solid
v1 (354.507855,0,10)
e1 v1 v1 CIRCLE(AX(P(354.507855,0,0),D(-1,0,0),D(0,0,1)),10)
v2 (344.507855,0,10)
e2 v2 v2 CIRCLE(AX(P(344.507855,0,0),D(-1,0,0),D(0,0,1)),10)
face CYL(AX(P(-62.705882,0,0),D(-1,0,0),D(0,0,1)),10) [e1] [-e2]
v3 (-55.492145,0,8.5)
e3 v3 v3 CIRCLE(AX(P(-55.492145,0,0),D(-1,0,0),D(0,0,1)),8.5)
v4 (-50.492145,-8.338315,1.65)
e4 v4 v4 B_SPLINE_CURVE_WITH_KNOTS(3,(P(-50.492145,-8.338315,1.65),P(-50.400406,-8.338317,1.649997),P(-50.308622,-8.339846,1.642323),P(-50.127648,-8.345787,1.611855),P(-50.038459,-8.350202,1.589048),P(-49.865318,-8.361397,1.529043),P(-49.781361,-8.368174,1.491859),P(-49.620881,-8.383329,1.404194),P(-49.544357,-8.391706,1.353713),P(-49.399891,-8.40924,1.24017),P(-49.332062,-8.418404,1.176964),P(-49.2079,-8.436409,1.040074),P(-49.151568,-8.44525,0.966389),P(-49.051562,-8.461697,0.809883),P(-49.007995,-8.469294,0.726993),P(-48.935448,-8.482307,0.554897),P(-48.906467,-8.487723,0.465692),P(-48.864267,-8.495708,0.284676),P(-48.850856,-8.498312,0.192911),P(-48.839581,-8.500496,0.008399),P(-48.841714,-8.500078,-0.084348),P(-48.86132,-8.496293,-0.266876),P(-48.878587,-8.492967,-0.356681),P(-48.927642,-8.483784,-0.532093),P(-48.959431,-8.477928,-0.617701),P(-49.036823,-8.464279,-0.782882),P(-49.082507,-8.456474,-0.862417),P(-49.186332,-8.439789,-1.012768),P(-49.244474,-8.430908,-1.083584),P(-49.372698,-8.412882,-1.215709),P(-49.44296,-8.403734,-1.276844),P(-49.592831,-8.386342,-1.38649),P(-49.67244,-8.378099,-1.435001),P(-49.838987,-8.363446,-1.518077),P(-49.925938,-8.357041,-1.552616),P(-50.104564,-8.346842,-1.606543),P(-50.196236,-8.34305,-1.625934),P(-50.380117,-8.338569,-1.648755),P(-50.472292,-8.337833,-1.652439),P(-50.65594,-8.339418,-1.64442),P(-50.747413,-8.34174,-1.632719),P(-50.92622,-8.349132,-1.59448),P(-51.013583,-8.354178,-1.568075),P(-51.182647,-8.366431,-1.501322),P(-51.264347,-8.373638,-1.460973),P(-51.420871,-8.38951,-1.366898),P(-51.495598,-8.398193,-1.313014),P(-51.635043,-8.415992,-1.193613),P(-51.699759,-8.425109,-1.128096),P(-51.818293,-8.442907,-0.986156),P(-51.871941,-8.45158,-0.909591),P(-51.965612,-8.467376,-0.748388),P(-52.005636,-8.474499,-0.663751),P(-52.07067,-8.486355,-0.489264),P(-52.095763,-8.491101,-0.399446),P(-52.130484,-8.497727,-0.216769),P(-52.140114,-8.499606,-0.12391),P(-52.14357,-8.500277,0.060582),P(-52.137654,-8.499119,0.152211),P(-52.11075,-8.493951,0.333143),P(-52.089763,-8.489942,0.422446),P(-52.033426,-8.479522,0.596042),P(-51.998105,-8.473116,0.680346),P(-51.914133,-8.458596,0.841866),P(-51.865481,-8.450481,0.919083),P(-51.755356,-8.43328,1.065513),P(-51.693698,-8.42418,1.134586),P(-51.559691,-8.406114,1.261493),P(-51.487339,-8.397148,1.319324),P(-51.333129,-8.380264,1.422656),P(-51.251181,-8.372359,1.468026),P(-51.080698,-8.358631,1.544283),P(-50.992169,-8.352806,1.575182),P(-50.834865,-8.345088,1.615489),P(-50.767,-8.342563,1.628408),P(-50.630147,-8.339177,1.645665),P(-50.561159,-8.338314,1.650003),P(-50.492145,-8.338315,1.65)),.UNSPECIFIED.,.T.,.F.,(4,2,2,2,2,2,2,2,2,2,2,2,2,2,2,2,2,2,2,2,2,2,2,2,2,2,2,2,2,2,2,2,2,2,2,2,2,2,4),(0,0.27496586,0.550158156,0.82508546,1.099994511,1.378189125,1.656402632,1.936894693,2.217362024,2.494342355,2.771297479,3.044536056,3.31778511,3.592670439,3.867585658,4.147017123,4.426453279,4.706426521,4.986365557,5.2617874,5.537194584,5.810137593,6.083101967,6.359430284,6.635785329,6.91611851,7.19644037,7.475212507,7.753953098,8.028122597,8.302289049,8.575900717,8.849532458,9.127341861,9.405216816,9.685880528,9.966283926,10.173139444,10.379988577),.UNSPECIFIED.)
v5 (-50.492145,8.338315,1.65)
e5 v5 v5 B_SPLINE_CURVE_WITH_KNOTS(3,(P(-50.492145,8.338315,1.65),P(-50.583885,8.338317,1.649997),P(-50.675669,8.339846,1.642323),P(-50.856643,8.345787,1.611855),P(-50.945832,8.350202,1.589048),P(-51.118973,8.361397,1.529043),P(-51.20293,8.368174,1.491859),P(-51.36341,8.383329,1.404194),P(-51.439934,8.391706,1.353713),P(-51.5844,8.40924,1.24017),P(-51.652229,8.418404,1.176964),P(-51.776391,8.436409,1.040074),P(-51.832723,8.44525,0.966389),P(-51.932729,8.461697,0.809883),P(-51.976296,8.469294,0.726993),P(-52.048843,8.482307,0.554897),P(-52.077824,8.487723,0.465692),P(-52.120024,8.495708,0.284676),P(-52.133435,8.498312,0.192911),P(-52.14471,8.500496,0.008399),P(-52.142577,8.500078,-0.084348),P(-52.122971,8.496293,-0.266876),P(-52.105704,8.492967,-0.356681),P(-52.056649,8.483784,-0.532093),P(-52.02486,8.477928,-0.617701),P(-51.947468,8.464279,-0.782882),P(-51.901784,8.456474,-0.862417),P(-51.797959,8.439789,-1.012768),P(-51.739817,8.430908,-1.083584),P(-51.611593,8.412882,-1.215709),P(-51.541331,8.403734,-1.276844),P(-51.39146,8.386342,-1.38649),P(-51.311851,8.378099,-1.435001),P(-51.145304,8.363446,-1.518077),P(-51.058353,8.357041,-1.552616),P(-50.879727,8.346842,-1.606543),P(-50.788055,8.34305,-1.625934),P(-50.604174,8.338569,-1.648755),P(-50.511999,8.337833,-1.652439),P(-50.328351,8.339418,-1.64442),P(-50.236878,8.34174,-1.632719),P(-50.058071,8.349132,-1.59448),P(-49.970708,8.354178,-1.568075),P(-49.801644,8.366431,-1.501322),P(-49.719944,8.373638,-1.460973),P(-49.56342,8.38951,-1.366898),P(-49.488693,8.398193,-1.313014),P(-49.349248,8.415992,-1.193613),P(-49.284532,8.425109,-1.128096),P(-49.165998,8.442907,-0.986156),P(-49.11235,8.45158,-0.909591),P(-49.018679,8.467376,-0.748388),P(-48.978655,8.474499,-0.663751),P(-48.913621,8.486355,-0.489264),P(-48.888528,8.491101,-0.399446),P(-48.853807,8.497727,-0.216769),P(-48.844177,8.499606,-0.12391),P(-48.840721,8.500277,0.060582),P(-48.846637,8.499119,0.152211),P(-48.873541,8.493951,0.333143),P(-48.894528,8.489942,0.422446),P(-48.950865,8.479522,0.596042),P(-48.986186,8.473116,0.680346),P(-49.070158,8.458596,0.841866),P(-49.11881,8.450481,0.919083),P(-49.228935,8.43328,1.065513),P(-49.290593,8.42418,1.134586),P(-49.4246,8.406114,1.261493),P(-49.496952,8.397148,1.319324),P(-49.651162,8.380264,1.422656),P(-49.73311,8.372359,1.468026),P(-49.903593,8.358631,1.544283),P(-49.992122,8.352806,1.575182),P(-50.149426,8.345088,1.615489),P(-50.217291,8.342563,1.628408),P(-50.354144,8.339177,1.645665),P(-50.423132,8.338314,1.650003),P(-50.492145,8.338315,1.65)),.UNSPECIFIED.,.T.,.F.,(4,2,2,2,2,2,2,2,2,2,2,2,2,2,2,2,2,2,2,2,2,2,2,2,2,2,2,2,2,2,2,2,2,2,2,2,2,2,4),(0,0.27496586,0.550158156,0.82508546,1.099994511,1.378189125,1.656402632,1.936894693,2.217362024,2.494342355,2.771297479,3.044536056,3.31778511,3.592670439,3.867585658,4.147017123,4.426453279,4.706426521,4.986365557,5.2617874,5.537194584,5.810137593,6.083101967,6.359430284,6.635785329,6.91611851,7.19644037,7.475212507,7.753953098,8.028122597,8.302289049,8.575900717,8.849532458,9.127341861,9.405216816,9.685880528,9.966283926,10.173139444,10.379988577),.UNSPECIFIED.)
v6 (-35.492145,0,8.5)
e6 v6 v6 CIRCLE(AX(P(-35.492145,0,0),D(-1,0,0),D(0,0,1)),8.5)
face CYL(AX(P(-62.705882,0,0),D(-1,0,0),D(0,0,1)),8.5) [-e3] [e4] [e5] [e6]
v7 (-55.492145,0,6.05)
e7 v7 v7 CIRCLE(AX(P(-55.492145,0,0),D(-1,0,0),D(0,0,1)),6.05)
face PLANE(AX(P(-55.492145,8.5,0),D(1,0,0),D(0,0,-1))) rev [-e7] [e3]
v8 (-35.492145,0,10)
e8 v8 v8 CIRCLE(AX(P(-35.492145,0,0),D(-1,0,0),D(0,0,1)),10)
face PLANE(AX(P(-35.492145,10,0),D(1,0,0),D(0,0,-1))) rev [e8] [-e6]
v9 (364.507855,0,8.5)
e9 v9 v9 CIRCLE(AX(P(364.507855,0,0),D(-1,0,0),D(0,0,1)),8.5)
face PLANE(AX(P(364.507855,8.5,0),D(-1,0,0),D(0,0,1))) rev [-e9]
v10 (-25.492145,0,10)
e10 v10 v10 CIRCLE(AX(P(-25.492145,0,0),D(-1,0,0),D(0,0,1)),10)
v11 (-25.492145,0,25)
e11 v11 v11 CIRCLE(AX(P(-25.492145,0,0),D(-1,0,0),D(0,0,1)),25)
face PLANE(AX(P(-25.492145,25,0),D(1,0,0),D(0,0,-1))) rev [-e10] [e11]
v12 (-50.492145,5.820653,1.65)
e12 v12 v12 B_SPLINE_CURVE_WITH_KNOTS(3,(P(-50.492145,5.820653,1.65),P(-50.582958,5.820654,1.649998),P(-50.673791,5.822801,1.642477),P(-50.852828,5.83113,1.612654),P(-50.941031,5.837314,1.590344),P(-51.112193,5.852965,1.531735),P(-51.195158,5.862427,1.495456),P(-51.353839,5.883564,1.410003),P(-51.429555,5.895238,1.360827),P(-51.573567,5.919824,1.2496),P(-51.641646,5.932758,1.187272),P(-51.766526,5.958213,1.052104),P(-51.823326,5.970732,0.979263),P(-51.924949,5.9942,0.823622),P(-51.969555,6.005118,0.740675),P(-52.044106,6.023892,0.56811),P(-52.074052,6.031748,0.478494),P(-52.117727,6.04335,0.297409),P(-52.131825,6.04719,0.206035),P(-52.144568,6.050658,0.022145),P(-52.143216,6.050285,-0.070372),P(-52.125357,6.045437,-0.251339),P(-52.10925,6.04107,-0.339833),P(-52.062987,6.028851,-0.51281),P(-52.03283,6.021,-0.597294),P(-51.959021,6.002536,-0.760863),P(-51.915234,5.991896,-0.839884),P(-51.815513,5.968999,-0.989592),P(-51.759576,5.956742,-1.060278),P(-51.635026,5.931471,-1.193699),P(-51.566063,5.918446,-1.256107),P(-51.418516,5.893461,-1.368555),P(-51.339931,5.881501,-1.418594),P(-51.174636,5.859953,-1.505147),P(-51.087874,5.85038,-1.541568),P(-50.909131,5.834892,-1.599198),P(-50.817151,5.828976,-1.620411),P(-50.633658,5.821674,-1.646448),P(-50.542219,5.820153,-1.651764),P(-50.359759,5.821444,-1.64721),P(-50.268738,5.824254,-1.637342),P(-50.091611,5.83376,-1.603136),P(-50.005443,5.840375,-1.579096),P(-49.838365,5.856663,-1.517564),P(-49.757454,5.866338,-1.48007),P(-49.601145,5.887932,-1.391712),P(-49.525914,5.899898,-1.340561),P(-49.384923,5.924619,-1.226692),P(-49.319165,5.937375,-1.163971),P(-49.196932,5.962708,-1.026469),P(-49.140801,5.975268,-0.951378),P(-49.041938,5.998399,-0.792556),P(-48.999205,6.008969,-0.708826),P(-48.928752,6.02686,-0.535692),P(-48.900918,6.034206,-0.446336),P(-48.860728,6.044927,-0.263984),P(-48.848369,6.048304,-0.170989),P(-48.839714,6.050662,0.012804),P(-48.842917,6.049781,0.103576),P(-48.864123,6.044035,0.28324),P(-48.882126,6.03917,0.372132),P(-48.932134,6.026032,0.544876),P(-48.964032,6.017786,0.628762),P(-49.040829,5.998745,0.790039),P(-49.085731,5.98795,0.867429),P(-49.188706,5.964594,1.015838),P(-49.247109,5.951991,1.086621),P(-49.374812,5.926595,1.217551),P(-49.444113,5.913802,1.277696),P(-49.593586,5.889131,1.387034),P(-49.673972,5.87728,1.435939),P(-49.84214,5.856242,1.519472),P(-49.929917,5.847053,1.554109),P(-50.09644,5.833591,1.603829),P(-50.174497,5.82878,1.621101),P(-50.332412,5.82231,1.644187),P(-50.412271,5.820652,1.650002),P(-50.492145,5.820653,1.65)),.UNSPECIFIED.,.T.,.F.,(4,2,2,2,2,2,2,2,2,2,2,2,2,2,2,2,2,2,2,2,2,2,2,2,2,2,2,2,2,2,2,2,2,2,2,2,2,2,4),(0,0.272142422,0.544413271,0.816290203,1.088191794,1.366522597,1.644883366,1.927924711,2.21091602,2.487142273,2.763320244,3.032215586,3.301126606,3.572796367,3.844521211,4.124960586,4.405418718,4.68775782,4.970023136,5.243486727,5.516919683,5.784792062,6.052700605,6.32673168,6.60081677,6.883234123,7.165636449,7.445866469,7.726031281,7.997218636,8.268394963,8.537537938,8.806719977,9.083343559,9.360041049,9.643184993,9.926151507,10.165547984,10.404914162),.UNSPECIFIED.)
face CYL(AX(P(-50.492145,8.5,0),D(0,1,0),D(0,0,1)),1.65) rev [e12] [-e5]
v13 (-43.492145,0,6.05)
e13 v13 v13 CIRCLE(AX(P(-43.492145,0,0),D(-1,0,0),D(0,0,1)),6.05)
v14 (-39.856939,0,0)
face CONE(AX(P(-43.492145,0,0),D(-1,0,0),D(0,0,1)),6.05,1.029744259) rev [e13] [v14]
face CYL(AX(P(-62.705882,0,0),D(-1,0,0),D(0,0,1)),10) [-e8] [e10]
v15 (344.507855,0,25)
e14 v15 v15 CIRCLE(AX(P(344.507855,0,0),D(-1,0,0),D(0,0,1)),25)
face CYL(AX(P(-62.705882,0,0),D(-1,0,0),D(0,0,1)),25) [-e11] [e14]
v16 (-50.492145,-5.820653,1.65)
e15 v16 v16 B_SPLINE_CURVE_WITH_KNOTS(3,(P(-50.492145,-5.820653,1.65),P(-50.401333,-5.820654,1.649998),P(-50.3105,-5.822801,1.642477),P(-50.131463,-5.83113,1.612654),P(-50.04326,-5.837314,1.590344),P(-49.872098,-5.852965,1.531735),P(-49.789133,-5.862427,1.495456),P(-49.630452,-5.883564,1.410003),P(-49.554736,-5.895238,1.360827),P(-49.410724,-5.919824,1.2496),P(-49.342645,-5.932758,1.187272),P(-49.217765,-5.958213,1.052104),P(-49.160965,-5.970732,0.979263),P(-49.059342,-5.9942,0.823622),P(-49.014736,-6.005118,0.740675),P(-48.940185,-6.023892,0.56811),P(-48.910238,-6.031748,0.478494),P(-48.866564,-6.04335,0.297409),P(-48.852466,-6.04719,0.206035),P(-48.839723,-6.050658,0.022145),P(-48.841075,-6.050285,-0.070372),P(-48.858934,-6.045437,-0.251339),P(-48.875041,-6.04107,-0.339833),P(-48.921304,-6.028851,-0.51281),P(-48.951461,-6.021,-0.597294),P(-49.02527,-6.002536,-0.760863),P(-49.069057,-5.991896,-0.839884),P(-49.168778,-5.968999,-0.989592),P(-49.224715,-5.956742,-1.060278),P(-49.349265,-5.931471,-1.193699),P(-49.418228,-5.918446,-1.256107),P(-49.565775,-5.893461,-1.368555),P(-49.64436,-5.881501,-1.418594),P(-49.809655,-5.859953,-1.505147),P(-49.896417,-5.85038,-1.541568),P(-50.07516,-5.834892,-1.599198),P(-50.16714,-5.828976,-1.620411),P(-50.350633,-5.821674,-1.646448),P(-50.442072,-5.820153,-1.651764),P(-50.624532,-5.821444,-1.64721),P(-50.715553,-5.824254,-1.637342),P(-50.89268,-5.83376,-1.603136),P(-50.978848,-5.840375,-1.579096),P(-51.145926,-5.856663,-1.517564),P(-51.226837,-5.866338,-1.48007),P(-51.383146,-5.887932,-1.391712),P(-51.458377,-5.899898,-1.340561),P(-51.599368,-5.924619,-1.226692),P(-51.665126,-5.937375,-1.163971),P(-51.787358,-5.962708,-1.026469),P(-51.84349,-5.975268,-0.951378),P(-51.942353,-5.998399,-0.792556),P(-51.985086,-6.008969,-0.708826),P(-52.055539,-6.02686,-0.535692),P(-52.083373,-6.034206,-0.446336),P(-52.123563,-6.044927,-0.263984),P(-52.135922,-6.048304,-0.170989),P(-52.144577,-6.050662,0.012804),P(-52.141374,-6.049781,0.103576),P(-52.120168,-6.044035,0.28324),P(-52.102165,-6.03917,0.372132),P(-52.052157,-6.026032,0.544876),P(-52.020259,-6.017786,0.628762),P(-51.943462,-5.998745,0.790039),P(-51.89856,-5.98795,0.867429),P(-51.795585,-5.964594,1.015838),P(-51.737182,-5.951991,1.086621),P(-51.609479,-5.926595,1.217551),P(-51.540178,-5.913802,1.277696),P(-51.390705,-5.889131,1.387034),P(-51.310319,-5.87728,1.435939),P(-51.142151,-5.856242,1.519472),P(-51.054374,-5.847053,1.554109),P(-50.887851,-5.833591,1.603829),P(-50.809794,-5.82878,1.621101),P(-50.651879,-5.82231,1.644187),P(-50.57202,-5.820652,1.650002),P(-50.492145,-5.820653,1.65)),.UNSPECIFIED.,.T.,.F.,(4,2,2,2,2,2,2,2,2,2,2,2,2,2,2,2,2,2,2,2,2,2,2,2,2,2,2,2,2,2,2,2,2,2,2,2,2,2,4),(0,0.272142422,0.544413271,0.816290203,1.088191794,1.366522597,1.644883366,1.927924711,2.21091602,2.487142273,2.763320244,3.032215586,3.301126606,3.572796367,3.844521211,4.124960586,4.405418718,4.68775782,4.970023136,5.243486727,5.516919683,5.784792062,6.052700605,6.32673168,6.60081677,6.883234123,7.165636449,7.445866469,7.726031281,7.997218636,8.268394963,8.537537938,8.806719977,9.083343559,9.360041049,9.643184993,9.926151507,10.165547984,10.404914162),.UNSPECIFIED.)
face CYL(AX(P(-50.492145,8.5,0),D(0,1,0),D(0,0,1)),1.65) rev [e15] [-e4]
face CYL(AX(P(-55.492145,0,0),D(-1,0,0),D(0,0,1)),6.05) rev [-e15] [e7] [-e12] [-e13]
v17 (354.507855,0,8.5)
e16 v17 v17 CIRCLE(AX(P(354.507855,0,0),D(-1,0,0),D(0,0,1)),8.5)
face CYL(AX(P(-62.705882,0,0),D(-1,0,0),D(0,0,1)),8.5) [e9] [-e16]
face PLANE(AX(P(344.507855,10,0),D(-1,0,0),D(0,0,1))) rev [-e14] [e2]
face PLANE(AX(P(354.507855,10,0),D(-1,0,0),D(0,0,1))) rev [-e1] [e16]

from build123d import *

# Parameters (mm, degrees)
HOLE_WIZARD_M4_1_D     = 3.3
HOLE_WIZARD_M4_1_DEPTH = 20
HOLE_WIZARD_M4_1_TIP   = 0.991420021
MM_CLEARANCE_1_D       = 12.1
MM_CLEARANCE_1_DEPTH   = 12
MM_CLEARANCE_1_TIP     = 3.635206745


with BuildPart() as part:
    # 草图2 → 旋转1 (revolve)
    with BuildSketch(Plane.XY):
        Polygon((354.507854502, 10), (344.507854502, 10), (344.507854502, 25), (-25.492145498, 25), (-25.492145498, 10), (-35.492145498, 10), (-35.492145498, 8.5), (-45.492145498, 8.5), (-55.492145498, 8.5), (-55.492145498, 0), (-39.793794406, 0), (364.507854502, 0), (364.507854502, 8.5), (354.507854502, 8.5), align=None)
    revolve(axis=Axis((-62.705882353, 0, 0), (1, 0, 0)))

    # M4 螺纹孔1
    with Locations(Plane(origin=(0, 8.5, 0), x_dir=(1, 0, 0), z_dir=(0, 1, 0))):
        with Locations((-50.492145498, 0)):
            Hole(HOLE_WIZARD_M4_1_D / 2, depth=HOLE_WIZARD_M4_1_DEPTH)
            with Locations((0, 0, -(HOLE_WIZARD_M4_1_DEPTH + HOLE_WIZARD_M4_1_TIP / 2))):  # 118° drill point
                Cone(0, HOLE_WIZARD_M4_1_D / 2, HOLE_WIZARD_M4_1_TIP, mode=Mode.SUBTRACT)

    # 大小mm Clearance 暗销孔1
    with Locations(Plane.ZY.offset(55.492145498)):
        with Locations((0, 0)):
            Hole(MM_CLEARANCE_1_D / 2, depth=MM_CLEARANCE_1_DEPTH)
            with Locations((0, 0, -(MM_CLEARANCE_1_DEPTH + MM_CLEARANCE_1_TIP / 2))):  # 118° drill point
                Cone(0, MM_CLEARANCE_1_D / 2, MM_CLEARANCE_1_TIP, mode=Mode.SUBTRACT)


solid = part.part
